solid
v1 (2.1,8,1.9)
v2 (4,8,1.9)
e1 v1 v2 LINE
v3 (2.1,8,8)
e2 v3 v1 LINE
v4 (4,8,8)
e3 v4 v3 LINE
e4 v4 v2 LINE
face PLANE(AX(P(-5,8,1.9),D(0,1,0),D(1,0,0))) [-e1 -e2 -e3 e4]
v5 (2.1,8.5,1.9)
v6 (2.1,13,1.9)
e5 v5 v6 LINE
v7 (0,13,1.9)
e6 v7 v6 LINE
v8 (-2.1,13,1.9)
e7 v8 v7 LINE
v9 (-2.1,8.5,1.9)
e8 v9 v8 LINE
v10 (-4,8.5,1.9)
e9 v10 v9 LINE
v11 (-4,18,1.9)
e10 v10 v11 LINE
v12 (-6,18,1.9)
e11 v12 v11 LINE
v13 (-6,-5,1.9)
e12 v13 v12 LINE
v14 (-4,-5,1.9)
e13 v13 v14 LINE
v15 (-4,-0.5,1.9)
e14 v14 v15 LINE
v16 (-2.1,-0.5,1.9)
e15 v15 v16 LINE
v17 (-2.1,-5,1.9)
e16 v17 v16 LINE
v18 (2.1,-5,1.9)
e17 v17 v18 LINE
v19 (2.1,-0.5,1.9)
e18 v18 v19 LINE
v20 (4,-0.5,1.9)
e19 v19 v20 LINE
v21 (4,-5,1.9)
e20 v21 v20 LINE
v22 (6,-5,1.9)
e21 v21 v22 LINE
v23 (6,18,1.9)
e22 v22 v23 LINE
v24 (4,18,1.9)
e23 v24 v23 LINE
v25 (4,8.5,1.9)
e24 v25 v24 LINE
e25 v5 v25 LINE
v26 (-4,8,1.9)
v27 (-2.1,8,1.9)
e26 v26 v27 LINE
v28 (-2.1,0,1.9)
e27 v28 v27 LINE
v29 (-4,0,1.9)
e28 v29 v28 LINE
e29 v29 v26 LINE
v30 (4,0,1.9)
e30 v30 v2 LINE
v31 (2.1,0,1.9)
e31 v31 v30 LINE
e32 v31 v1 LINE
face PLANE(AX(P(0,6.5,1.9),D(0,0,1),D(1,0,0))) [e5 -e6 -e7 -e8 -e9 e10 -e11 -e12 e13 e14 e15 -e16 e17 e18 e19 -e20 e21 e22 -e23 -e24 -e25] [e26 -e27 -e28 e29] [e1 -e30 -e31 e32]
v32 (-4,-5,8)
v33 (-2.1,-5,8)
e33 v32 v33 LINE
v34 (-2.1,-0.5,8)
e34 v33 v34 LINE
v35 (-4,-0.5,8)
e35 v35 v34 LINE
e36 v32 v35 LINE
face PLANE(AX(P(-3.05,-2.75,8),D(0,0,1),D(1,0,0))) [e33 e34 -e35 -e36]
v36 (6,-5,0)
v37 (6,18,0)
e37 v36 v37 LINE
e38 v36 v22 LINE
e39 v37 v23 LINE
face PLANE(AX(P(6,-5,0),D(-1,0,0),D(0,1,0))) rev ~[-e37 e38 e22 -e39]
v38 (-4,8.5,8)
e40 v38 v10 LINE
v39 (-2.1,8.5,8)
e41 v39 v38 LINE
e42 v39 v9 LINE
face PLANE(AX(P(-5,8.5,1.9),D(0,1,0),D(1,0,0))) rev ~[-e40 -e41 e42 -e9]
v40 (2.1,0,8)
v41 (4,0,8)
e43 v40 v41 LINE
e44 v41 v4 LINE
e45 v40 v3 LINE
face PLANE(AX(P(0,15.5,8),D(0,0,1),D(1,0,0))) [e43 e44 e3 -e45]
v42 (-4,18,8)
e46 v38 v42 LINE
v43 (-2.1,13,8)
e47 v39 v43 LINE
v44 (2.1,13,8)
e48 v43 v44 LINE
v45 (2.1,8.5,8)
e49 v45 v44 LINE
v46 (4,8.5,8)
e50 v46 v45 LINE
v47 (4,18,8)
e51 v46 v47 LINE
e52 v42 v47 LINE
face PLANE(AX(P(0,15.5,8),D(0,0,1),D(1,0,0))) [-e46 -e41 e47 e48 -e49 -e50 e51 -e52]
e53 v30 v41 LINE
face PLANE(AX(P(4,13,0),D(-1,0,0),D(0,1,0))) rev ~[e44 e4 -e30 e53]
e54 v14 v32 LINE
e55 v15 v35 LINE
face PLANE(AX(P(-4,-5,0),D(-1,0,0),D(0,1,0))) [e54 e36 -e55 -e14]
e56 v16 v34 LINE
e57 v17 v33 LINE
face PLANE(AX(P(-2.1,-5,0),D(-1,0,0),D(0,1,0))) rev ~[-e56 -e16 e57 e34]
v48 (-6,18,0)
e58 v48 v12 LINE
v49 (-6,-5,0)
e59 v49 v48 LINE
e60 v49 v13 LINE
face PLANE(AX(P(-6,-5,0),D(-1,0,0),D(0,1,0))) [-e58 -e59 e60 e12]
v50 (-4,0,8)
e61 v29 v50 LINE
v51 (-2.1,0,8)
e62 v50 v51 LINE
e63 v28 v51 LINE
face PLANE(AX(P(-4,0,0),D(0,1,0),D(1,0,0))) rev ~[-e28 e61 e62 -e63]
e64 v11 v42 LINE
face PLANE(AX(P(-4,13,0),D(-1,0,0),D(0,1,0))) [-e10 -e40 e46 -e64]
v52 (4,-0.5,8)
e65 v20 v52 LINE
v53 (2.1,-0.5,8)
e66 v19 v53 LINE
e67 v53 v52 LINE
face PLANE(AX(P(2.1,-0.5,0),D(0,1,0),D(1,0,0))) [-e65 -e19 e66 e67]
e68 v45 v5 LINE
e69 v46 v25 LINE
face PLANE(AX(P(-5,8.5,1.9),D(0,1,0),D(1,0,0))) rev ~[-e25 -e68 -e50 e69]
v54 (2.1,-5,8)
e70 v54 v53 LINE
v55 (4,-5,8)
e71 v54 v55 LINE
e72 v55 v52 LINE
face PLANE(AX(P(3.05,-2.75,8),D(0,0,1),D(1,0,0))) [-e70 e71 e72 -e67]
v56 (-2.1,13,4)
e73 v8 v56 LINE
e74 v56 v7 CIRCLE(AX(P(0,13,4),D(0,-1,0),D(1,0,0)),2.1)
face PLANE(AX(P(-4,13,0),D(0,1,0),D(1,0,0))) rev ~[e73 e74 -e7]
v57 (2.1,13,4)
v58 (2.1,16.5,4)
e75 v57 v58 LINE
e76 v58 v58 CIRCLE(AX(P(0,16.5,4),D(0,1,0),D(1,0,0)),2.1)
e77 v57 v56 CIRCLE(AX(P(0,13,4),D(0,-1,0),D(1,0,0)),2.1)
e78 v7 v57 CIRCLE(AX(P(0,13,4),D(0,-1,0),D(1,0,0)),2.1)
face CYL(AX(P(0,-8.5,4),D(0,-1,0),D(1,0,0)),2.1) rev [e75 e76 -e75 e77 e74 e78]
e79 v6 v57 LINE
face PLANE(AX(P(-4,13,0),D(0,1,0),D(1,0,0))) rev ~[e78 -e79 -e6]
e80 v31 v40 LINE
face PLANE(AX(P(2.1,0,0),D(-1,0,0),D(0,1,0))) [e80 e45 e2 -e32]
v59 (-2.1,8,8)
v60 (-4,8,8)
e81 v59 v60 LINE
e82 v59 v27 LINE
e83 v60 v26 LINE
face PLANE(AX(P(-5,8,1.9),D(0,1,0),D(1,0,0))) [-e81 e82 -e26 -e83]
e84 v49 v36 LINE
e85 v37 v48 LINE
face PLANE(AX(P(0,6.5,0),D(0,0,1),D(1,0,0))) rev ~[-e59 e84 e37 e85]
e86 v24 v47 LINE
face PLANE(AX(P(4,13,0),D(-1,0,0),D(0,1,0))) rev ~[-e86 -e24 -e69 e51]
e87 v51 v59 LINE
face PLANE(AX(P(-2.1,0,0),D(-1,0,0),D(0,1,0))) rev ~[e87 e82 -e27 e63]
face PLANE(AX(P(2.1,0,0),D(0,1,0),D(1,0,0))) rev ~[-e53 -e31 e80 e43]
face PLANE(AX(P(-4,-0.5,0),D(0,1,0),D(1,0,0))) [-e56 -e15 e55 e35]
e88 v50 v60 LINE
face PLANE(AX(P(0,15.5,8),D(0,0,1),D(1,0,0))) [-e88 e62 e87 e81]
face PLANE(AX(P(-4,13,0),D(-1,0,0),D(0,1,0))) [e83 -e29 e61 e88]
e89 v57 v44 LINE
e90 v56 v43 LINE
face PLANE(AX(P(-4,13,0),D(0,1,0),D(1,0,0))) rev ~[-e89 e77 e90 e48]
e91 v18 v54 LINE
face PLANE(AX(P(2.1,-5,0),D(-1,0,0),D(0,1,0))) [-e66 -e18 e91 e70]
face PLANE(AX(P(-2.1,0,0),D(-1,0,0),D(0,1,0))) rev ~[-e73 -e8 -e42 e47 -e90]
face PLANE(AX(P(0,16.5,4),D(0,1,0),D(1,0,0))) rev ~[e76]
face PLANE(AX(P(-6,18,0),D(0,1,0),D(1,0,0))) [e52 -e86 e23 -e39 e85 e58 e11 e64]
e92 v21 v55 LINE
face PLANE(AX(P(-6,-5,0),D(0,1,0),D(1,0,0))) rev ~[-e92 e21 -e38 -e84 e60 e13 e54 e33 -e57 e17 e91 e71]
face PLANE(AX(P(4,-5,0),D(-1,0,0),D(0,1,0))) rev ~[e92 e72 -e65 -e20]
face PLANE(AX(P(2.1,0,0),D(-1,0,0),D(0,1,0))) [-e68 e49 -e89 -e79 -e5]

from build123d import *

# Parameters (mm, degrees)
BOX006_W       = 10
BOX006_H       = 0.5
BOX006_DEPTH   = 10
BOX002_W       = 1.9
BOX002_H       = 13
BOX002_DEPTH   = 8
BOX004_W       = 1.9
BOX004_H       = 4.5
BOX004_DEPTH   = 8
CYLINDER_R     = 2.1
CYLINDER_DEPTH = 25
BOX_W          = 8
BOX_H          = 5
BOX_DEPTH      = 8
BOX003_W       = 1.9
BOX003_H       = 4.5
BOX003_DEPTH   = 8
BOX005_W       = 12
BOX005_H       = 23
BOX005_DEPTH   = 1.9
BOX001_W       = 1.9
BOX001_H       = 13
BOX001_DEPTH   = 8


with BuildPart() as cube006:
    # Box006 → Box006 (new body)
    with BuildSketch(Plane(origin=(-5, 8, 1.9), x_dir=(1, 0, 0), z_dir=(0, 0, 1))):
        with Locations((5, 0.25)):
            Rectangle(BOX006_W, BOX006_H)
    extrude(amount=BOX006_DEPTH)


with BuildPart() as cube002:
    # Box002 → Box002 (new body)
    with BuildSketch(Plane(origin=(2.1, 0, 0), x_dir=(1, 0, 0), z_dir=(0, 0, 1))):
        with Locations((0.95, 6.5)):
            Rectangle(BOX002_W, BOX002_H)
    extrude(amount=BOX002_DEPTH)


with BuildPart() as cube004:
    # Box004 → Box004 (new body)
    with BuildSketch(Plane(origin=(2.1, -5, 0), x_dir=(1, 0, 0), z_dir=(0, 0, 1))):
        with Locations((0.95, 2.25)):
            Rectangle(BOX004_W, BOX004_H)
    extrude(amount=BOX004_DEPTH)


with BuildPart() as cylinder:
    # Cylinder → Cylinder (new body)
    with BuildSketch(Plane(origin=(0, -8.5, 4), x_dir=(1, 0, 0), z_dir=(0, 1, 0))):
        Circle(CYLINDER_R)
    extrude(amount=CYLINDER_DEPTH)


with BuildPart() as cut:
    # Box → Box (new body)
    with BuildSketch(Plane(origin=(-4, 13, 0), x_dir=(1, 0, 0), z_dir=(0, 0, 1))):
        with Locations((4, 2.5)):
            Rectangle(BOX_W, BOX_H)
    extrude(amount=BOX_DEPTH)

    # Cut: cut Cylinder
    add(cylinder.part, mode=Mode.SUBTRACT)


with BuildPart() as cube003:
    # Box003 → Box003 (new body)
    with BuildSketch(Plane(origin=(-4, -5, 0), x_dir=(1, 0, 0), z_dir=(0, 0, 1))):
        with Locations((0.95, 2.25)):
            Rectangle(BOX003_W, BOX003_H)
    extrude(amount=BOX003_DEPTH)


with BuildPart() as cube005:
    # Box005 → Box005 (new body)
    with BuildSketch(Plane(origin=(-6, -5, 0), x_dir=(1, 0, 0), z_dir=(0, 0, 1))):
        with Locations((6, 11.5)):
            Rectangle(BOX005_W, BOX005_H)
    extrude(amount=BOX005_DEPTH)


with BuildPart() as cut001:
    # Box001 → Box001 (new body)
    with BuildSketch(Plane(origin=(-4, 0, 0), x_dir=(1, 0, 0), z_dir=(0, 0, 1))):
        with Locations((0.95, 6.5)):
            Rectangle(BOX001_W, BOX001_H)
    extrude(amount=BOX001_DEPTH)

    # Fusion: union Cube002, Cube004, Cut, Cube003, Cube005
    add(cube002.part)
    add(cube004.part)
    add(cut.part)
    add(cube003.part)
    add(cube005.part)

    # Cut001: cut Cube006
    add(cube006.part, mode=Mode.SUBTRACT)


solid = cut001.part
